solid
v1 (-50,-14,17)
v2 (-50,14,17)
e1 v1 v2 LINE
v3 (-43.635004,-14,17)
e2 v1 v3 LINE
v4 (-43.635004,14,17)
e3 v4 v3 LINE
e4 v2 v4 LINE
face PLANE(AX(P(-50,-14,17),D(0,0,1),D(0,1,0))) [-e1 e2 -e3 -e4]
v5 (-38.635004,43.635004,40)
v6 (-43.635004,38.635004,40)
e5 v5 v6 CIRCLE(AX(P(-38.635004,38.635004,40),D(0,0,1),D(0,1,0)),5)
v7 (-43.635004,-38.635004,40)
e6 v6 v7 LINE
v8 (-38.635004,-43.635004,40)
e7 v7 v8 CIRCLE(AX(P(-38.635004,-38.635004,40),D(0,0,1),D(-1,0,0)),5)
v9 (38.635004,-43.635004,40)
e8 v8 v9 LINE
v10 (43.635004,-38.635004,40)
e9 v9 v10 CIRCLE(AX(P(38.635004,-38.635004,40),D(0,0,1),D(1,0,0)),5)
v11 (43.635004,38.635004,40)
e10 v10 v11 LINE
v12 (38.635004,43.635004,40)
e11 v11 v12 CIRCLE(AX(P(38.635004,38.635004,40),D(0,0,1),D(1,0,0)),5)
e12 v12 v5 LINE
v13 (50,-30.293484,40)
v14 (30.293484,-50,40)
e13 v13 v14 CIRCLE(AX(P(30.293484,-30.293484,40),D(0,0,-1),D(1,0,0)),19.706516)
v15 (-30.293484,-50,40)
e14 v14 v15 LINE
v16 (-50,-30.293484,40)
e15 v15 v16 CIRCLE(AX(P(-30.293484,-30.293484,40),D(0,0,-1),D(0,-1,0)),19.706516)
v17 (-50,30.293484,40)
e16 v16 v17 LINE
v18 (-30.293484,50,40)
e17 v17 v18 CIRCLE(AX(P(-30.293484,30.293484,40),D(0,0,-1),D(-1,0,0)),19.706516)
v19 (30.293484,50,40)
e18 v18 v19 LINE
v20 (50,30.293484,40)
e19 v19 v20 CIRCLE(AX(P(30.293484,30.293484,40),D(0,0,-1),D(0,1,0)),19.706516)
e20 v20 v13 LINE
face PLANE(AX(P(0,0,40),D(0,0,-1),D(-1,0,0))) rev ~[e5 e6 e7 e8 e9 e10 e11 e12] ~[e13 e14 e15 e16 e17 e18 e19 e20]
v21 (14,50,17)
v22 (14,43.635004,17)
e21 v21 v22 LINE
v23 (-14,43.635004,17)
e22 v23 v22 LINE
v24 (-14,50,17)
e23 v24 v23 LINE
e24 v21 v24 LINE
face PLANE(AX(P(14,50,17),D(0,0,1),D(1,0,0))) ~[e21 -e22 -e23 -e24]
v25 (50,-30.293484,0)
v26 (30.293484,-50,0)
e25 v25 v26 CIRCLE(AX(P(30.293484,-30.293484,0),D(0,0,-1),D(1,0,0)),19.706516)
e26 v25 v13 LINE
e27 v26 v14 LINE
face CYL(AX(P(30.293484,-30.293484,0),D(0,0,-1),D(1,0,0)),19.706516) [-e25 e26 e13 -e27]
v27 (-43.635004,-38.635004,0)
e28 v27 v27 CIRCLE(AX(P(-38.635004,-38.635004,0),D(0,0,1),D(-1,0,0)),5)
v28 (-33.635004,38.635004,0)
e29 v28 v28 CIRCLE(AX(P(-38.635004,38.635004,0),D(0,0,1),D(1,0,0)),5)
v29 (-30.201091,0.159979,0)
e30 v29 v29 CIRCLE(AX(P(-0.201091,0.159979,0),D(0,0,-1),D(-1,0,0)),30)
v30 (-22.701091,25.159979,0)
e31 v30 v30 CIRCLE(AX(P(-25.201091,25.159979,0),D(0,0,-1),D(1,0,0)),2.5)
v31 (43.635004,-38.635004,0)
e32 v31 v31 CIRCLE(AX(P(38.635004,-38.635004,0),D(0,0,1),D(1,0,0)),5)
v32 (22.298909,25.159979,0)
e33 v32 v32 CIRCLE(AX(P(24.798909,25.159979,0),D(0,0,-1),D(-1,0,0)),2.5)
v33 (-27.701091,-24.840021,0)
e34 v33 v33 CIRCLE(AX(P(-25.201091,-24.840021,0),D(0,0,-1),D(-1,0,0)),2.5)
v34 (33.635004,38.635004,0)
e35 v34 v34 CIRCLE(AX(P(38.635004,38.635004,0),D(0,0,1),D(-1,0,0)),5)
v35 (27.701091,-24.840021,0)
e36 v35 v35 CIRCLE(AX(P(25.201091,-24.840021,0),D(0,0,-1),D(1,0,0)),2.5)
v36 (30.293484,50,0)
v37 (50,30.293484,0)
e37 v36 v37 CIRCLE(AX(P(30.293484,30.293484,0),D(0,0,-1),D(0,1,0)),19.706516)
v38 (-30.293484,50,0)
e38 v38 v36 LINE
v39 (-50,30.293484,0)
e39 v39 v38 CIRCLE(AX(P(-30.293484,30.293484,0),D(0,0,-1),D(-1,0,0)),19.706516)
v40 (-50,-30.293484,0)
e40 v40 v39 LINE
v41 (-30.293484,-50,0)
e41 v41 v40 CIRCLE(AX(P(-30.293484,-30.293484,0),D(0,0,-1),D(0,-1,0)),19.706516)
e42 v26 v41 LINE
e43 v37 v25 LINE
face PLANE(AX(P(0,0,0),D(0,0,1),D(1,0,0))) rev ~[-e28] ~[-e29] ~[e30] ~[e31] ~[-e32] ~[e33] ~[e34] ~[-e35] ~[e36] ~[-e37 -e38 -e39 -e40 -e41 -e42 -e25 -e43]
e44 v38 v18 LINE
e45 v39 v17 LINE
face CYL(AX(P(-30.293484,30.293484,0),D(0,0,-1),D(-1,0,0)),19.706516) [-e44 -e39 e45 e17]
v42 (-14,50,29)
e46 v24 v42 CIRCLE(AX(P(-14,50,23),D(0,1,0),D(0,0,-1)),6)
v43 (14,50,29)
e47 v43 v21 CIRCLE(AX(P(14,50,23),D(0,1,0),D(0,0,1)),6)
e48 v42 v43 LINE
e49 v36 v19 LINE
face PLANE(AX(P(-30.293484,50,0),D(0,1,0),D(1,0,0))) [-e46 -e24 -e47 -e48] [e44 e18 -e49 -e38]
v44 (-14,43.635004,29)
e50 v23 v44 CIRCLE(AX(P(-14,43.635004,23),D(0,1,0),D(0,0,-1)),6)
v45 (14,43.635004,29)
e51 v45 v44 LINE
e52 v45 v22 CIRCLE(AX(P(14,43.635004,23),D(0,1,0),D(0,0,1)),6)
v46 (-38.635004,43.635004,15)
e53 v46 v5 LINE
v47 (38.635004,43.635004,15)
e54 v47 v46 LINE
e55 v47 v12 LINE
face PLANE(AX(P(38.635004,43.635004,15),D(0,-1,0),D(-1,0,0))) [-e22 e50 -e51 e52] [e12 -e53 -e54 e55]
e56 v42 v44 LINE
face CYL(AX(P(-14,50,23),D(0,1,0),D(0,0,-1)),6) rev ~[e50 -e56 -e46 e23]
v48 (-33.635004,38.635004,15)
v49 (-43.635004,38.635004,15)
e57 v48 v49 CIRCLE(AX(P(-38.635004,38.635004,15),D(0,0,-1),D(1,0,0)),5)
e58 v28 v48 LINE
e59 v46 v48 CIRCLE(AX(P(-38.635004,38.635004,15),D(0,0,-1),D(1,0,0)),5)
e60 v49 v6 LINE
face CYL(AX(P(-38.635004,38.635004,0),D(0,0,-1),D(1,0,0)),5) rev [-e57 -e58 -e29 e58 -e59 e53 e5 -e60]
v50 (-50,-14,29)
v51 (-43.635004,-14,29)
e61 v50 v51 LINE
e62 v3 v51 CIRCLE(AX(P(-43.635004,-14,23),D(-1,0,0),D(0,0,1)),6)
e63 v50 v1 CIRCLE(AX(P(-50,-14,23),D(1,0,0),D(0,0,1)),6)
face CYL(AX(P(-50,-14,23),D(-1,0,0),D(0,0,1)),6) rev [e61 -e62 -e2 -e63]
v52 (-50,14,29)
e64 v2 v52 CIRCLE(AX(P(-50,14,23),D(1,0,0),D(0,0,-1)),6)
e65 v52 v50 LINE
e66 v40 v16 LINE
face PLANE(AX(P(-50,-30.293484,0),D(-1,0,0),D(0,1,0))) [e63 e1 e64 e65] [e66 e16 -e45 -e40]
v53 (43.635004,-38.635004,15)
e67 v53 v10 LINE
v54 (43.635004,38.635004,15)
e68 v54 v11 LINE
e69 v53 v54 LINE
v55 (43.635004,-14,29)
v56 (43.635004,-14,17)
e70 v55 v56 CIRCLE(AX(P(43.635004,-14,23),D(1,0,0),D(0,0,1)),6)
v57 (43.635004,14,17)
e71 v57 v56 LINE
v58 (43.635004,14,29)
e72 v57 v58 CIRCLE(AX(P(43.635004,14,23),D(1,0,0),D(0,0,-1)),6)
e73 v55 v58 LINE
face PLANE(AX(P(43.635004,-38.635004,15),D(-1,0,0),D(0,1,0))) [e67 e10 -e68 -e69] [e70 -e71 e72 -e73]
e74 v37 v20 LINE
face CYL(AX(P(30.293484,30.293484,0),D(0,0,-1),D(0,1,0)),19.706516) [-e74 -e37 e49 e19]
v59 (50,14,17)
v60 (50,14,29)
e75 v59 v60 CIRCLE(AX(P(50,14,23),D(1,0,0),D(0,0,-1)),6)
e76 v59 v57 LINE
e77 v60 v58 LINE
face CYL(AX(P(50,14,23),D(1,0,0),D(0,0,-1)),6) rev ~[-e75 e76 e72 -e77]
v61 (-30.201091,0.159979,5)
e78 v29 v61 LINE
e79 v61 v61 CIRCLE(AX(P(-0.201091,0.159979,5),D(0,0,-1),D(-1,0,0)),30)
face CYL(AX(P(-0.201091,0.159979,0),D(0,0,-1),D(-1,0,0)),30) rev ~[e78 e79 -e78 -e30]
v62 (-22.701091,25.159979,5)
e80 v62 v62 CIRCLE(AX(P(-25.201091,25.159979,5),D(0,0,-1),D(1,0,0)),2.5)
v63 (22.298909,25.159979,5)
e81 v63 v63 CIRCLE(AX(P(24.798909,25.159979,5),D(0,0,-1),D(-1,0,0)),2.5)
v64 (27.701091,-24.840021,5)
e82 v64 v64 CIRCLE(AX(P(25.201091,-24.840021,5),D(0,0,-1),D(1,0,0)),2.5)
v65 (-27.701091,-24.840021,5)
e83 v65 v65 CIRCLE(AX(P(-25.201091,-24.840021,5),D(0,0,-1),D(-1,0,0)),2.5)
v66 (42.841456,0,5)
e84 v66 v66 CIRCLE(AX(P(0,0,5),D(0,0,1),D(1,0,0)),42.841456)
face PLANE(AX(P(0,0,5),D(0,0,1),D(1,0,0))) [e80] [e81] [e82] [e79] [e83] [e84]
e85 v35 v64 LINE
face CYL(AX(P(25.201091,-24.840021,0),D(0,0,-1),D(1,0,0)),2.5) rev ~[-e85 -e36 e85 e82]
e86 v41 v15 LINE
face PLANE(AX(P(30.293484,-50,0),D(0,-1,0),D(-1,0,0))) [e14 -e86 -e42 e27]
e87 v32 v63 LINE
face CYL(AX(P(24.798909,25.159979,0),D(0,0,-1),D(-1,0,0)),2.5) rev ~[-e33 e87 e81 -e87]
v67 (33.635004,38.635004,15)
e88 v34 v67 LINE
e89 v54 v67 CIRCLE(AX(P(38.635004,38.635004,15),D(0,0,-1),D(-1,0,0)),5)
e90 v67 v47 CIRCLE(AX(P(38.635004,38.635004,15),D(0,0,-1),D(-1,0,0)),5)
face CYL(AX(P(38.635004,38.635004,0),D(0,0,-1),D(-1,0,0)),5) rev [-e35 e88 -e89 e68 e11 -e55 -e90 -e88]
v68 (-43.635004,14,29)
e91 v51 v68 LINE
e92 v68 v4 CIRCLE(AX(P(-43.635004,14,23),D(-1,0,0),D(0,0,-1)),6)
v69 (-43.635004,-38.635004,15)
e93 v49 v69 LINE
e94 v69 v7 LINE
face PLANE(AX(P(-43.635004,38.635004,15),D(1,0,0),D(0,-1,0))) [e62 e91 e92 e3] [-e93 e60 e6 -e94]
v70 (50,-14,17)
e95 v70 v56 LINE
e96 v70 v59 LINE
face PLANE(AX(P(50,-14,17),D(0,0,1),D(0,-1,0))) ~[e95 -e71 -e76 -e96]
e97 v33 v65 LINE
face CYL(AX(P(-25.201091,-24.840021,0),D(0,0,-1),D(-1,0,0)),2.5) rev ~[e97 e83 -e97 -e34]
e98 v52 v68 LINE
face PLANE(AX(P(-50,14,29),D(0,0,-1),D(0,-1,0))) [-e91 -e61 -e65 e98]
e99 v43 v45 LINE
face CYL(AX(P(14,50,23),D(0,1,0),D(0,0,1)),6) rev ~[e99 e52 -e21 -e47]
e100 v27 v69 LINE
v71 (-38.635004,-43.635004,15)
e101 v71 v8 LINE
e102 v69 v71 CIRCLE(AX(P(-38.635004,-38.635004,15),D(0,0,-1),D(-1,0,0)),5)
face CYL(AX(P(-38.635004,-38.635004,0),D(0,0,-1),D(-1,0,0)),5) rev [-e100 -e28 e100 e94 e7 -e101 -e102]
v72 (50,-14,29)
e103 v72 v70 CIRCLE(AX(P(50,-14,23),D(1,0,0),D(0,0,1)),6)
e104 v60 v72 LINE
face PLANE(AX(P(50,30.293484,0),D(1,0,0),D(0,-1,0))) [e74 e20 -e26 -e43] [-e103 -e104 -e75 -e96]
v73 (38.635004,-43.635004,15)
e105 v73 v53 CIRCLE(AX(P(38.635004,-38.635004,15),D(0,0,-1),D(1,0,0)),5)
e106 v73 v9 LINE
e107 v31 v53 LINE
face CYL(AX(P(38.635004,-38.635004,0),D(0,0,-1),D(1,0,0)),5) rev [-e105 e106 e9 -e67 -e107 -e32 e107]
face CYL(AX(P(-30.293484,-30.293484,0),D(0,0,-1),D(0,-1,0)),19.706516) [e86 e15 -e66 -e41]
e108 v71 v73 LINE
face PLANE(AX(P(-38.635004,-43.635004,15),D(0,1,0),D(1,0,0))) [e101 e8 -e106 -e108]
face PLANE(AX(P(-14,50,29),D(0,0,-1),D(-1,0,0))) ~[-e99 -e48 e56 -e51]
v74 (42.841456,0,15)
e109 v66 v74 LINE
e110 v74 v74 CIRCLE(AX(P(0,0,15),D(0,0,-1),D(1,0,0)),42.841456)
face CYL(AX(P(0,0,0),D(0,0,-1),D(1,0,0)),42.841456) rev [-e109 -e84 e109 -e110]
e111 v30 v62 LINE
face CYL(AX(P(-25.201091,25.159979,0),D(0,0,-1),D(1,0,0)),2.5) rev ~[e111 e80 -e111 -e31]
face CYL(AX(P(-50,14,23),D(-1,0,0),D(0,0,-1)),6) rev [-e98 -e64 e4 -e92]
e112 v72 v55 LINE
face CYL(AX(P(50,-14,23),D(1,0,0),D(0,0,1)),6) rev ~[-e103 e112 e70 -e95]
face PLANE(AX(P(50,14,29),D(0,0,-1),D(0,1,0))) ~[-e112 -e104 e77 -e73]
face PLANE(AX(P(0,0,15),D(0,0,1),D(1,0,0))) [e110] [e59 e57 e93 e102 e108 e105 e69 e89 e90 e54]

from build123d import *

# Parameters (mm, degrees)
SKETCH_1_R          = 5
SKETCH_1_R_2        = 42.84145639
EXTRUDE_2_DEPTH     = 40
SKETCH_1_5_R        = 42.84145639
EXTRUDE_3_DEPTH     = 5
CUT_EXTRUDE_START   = 25
CUT_EXTRUDE_2_DEPTH = 25
SKETCH_5_R          = 30
SKETCH_5_R_2        = 2.5
CUT_EXTRUDE_3_DEPTH = 82.240384046
CUT_EXTRUDE_4_DEPTH = 10


with BuildPart() as part:
    # 草图1 → 凸台-拉伸2 (new body)
    with BuildSketch(Plane.XY):
        with BuildLine():
            Line((-30.293484329, 50), (30.293484329, 50))
            ThreePointArc((30.293484329, 50), (44.228095194, 44.228095194), (50, 30.293484329))
            Line((50, 30.293484329), (50, -30.293484329))
            ThreePointArc((50, -30.293484329), (44.228095194, -44.228095194), (30.293484329, -50))
            Line((30.293484329, -50), (-30.293484329, -50))
            ThreePointArc((-30.293484329, -50), (-44.228095194, -44.228095194), (-50, -30.293484329))
            Line((-50, -30.293484329), (-50, 30.293484329))
            ThreePointArc((-50, 30.293484329), (-44.228095194, 44.228095194), (-30.293484329, 50))
        make_face()
        with Locations((-38.635004029, 38.635004029)):
            Circle(SKETCH_1_R, mode=Mode.SUBTRACT)
        with Locations((38.635004029, 38.635004029)):
            Circle(SKETCH_1_R, mode=Mode.SUBTRACT)
        with Locations((38.635004029, -38.635004029)):
            Circle(SKETCH_1_R, mode=Mode.SUBTRACT)
        with Locations((-38.635004029, -38.635004029)):
            Circle(SKETCH_1_R, mode=Mode.SUBTRACT)
        Circle(SKETCH_1_R_2, mode=Mode.SUBTRACT)
    extrude(amount=EXTRUDE_2_DEPTH)

    # 草图1<5> → 凸台-拉伸3 (add)
    with BuildSketch(Plane.XY):
        Circle(SKETCH_1_5_R)
    extrude(amount=EXTRUDE_3_DEPTH)

    # 草图4 → 切除-拉伸2 (cut)
    with BuildSketch(Plane(origin=(0, 0, 40), x_dir=(-1, 0, 0), z_dir=(0, 0, -1)).offset(CUT_EXTRUDE_START)):
        with BuildLine():
            Line((-38.635004029, 43.635004029), (38.635004029, 43.635004029))
            ThreePointArc((38.635004029, 43.635004029), (42.170537935, 42.170537935), (43.635004029, 38.635004029))
            Line((43.635004029, 38.635004029), (43.635004029, -38.635004029))
            ThreePointArc((43.635004029, -38.635004029), (42.170537935, -42.170537935), (38.635004029, -43.635004029))
            Line((38.635004029, -43.635004029), (-38.635004029, -43.635004029))
            ThreePointArc((-38.635004029, -43.635004029), (-42.170537935, -42.170537935), (-43.635004029, -38.635004029))
            Line((-43.635004029, -38.635004029), (-43.635004029, 38.635004029))
            ThreePointArc((-43.635004029, 38.635004029), (-42.170537935, 42.170537935), (-38.635004029, 43.635004029))
        make_face()
    extrude(amount=-CUT_EXTRUDE_2_DEPTH, mode=Mode.SUBTRACT)

    # 草图5 → 切除-拉伸3 (cut, through all)
    with BuildSketch(Plane(origin=(0, 0, 0), x_dir=(-1, 0, 0), z_dir=(0, 0, -1))):
        with Locations((0.201090543, 0.15997854)):
            Circle(SKETCH_5_R)
        with Locations((-24.798909457, 25.15997854)):
            Circle(SKETCH_5_R_2)
        with Locations((25.201090543, 25.15997854)):
            Circle(SKETCH_5_R_2)
        with Locations((25.201090543, -24.84002146)):
            Circle(SKETCH_5_R_2)
        with Locations((-25.201090543, -24.84002146)):
            Circle(SKETCH_5_R_2)
    extrude(amount=-CUT_EXTRUDE_3_DEPTH, mode=Mode.SUBTRACT)

    # 草图7 → 切除-拉伸4 (cut)
    with BuildSketch(Plane.ZY.offset(50)):
        with BuildLine():
            Line((29, 14), (29, -14))
            ThreePointArc((29, -14), (23, -20), (17, -14))
            Line((17, -14), (17, 14))
            ThreePointArc((17, 14), (23, 20), (29, 14))
        make_face()
    cut_extrude_4 = extrude(amount=-CUT_EXTRUDE_4_DEPTH, mode=Mode.SUBTRACT)

    # 镜向1: 切除-拉伸4 across plane
    add(cut_extrude_4.mirror(Plane(origin=(0, 0, 0), x_dir=(0, 0, 1), z_dir=(1, 0, 0))), mode=Mode.SUBTRACT)

    # 镜向2: 切除-拉伸4 across plane
    add(cut_extrude_4.mirror(Plane(origin=(0, 0, 0), x_dir=(0, 0, 1), z_dir=(0.7071067811865475, 0.7071067811865477, 0))), mode=Mode.SUBTRACT)


solid = part.part
